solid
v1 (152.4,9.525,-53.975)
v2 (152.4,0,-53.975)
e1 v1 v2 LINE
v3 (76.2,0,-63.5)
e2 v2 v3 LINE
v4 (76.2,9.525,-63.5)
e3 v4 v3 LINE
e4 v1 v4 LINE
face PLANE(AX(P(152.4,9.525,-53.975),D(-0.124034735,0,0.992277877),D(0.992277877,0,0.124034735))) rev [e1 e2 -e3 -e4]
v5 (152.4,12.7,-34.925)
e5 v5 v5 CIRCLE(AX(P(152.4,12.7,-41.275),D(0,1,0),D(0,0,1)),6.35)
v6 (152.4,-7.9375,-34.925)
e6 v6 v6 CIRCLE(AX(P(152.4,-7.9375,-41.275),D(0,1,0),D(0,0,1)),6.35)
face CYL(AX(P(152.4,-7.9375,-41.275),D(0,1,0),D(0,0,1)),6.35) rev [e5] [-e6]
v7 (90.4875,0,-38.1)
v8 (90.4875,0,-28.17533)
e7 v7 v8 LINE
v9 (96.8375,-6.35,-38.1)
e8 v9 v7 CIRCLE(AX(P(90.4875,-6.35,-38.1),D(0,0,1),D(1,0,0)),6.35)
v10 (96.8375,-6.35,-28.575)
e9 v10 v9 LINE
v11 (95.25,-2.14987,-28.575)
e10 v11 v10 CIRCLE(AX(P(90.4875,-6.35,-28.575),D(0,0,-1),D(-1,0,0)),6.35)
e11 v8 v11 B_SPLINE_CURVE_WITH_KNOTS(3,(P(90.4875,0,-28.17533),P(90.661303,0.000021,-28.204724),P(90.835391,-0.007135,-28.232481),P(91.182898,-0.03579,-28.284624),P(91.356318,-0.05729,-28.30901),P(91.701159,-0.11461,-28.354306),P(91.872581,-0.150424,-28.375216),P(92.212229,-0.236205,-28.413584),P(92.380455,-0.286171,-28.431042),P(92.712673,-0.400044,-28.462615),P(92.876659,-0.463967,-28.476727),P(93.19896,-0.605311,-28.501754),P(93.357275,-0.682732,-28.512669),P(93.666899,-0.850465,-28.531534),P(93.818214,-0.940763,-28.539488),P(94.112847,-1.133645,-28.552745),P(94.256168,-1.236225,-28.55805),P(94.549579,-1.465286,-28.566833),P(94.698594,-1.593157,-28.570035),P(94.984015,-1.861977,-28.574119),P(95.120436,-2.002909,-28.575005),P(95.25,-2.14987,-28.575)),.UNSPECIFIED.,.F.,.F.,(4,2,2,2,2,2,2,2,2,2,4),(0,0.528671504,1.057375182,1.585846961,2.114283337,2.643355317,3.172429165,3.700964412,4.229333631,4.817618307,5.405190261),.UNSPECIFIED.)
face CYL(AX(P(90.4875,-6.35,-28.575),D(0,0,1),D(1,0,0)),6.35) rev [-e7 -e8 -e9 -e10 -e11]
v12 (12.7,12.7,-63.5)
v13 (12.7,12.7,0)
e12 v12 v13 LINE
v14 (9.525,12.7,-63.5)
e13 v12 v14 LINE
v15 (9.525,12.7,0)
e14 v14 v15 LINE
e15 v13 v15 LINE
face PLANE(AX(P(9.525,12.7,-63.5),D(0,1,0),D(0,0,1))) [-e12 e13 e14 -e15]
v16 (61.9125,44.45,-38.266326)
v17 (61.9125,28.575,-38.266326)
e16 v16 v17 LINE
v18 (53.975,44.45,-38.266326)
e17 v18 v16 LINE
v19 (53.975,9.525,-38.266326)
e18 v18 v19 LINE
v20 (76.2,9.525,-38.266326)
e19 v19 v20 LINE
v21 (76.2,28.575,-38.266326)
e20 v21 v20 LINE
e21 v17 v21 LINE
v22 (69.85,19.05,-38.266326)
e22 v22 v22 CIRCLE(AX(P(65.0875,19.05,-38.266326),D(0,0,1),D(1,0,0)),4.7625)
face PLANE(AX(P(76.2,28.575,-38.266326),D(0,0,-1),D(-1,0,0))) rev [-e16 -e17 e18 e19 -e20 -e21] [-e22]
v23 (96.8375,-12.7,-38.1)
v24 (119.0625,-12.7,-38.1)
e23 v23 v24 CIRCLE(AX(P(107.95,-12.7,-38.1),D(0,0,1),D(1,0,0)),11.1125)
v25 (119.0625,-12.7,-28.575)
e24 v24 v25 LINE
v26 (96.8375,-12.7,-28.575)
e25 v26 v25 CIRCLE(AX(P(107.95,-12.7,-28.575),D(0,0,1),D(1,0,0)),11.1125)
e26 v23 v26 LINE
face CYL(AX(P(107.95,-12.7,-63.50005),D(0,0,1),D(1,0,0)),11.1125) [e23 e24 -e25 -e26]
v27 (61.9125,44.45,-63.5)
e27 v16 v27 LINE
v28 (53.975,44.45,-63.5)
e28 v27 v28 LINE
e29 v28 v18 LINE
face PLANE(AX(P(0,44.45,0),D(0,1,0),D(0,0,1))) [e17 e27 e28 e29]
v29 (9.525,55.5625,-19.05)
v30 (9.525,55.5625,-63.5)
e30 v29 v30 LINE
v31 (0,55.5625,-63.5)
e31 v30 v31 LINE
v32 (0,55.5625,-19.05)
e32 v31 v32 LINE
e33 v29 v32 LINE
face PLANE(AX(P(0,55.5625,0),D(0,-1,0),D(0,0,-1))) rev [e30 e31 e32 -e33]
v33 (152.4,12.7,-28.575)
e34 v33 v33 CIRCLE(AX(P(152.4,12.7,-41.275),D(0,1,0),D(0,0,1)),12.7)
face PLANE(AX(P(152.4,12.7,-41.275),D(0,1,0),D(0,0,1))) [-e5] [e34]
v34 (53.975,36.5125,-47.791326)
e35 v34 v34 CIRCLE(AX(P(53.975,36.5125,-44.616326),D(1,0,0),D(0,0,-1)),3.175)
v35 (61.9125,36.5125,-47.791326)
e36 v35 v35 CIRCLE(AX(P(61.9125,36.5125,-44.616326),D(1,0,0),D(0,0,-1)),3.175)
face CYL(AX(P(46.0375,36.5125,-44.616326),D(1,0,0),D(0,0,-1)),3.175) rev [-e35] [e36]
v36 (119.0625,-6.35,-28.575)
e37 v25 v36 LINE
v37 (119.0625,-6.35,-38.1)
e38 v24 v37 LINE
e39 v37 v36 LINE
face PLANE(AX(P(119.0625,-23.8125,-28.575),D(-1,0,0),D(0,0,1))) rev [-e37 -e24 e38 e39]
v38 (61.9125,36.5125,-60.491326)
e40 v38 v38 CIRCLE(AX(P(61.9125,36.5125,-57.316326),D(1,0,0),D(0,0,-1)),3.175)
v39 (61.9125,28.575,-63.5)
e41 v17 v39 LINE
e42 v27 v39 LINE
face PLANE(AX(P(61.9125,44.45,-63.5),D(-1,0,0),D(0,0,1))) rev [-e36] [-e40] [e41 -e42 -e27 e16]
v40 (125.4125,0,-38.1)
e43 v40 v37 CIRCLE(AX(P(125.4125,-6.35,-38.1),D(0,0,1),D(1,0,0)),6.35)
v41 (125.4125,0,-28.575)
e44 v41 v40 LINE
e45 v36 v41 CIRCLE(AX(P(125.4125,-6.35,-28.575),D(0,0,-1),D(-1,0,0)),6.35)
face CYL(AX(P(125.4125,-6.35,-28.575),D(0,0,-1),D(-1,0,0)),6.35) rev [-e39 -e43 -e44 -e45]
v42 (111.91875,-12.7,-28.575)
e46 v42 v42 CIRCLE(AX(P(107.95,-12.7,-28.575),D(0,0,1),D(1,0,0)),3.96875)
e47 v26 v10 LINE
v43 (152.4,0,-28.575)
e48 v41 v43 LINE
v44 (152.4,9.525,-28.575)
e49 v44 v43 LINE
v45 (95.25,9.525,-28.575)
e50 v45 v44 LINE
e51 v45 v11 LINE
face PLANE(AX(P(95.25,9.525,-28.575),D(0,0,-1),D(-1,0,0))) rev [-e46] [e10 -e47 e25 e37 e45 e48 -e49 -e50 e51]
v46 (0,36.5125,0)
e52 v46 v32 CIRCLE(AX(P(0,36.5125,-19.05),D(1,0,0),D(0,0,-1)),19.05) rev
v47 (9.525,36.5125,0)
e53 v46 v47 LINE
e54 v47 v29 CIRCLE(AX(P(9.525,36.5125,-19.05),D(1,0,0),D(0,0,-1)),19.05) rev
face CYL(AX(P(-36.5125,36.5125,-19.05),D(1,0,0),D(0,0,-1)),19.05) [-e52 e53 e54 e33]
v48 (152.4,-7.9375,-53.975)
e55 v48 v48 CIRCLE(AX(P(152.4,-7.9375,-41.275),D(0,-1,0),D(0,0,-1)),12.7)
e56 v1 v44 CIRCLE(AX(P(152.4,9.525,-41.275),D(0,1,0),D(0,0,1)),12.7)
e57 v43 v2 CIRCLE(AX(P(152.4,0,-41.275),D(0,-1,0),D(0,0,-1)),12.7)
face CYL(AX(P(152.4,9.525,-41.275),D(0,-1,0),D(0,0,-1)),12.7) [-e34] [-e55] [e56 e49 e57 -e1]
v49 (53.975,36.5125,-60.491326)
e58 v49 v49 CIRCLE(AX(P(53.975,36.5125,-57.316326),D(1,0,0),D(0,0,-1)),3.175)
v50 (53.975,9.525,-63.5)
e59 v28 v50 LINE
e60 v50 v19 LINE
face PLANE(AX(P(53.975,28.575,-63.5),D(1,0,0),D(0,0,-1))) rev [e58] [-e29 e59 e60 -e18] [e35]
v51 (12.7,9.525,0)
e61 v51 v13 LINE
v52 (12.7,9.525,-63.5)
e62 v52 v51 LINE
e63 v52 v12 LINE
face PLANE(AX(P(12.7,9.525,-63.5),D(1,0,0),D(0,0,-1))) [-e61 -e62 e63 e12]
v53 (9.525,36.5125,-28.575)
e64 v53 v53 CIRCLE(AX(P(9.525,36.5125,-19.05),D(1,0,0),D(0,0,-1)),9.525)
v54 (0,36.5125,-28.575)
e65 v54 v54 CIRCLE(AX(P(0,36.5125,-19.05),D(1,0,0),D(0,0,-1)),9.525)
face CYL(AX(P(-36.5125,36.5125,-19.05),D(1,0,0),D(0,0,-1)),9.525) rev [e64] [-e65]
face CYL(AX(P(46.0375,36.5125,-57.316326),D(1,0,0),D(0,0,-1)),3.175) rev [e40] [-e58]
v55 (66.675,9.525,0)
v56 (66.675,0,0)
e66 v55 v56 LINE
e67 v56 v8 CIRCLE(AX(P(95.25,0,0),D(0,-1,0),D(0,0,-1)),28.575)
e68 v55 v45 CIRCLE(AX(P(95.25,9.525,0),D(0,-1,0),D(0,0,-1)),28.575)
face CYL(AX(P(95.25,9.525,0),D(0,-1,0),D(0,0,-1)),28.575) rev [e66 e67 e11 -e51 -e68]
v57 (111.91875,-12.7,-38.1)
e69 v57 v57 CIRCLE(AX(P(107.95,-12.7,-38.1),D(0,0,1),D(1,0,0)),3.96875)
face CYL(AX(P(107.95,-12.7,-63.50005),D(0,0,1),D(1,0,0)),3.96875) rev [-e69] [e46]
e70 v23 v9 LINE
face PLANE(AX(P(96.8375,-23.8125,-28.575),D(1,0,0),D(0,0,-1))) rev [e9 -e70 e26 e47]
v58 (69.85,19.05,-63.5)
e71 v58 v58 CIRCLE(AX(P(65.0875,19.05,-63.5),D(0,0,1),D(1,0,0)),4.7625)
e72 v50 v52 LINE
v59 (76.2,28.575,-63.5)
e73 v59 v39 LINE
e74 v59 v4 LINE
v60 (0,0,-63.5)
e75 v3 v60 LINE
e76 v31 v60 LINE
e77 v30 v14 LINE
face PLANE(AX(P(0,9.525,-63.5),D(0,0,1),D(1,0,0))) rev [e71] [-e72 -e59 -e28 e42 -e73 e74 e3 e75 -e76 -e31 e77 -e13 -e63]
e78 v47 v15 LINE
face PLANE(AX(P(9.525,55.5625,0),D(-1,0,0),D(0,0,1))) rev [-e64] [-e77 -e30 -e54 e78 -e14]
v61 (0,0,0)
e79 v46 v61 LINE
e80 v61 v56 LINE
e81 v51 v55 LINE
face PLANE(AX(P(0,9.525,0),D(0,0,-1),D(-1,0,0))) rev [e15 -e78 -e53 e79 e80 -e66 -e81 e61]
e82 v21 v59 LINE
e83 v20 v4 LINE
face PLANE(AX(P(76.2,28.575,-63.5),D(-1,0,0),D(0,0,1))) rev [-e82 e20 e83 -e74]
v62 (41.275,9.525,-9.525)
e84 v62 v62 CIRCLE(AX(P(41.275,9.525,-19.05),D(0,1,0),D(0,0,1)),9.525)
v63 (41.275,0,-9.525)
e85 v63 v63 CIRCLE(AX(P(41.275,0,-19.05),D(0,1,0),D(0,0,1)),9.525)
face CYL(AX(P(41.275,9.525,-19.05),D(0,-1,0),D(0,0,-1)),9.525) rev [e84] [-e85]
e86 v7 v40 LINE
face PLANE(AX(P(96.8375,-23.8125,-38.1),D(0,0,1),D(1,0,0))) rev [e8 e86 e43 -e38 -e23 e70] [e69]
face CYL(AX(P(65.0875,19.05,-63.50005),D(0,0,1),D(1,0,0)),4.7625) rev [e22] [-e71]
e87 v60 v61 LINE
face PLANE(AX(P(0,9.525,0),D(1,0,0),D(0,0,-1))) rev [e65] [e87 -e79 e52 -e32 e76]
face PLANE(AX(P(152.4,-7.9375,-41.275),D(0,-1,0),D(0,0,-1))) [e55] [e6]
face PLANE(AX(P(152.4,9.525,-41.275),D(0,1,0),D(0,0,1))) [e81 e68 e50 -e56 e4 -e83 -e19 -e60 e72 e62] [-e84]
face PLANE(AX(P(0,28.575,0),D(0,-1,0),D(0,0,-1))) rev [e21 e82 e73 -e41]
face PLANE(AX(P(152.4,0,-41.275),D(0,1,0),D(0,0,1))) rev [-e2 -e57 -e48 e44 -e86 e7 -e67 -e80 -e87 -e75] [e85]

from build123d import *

# Parameters (mm, degrees)
CROQUIS1_R              = 9.525
SALIENTE_EXTRUIR1_DEPTH = 9.525
CROQUIS2_W              = 9.525
CROQUIS2_H              = 63.5
SALIENTE_EXTRUIR3_DEPTH = 46.0375
CROQUIS3_R              = 9.525
CORTAR_EXTRUIR1_DEPTH   = 46.0375
CROQUIS4_R              = 12.7
SALIENTE_EXTRUIR4_DEPTH = 3.175
CROQUIS5_W              = 22.225
CROQUIS5_H              = 25.233673581
SALIENTE_EXTRUIR5_DEPTH = 19.05
CROQUIS6_W              = 7.9375
CROQUIS6_H              = 25.233673581
SALIENTE_EXTRUIR6_DEPTH = 15.875
CROQUIS7_R              = 3.175
CORTAR_EXTRUIR2_DEPTH   = 15.875
CROQUIS8_R              = 4.7625
CORTAR_EXTRUIR4_DEPTH   = 26.233673581
CROQUIS9_R              = 12.7
SALIENTE_EXTRUIR7_DEPTH = 7.9375
CROQUIS10_R             = 6.35
CORTAR_EXTRUIR5_DEPTH   = 21.6375
CROQUIS14_W             = 22.225
CROQUIS14_H             = 9.525
SALIENTE_EXTRUIR8_DEPTH = 23.8125
CROQUIS15_R             = 3.96875
CORTAR_EXTRUIR7_DEPTH   = 35.925
REDONDEO6_R             = 6.35
CROQUIS16_W             = 3.175
CROQUIS16_H             = 3.175
SALIENTE_EXTRUIR9_DEPTH = 63.5


with BuildPart() as part:
    # Croquis1 → Saliente-Extruir1 (new body)
    with BuildSketch(Plane(origin=(0, 0, 0), x_dir=(1, 0, 0), z_dir=(0, 1, 0))):
        with BuildLine():
            Line((0, 0), (66.675, 0))
            ThreePointArc((66.675, 0), (75.044423728, 20.205576272), (95.25, 28.575))
            Line((95.25, 28.575), (152.4, 28.575))
            ThreePointArc((152.4, 28.575), (165.1, 41.275), (152.4, 53.975))
            Line((152.4, 53.975), (76.2, 63.5))
            Line((76.2, 63.5), (61.9125, 63.5))
            Line((61.9125, 63.5), (9.525, 63.5))
            Line((9.525, 63.5), (0, 63.5))
            Line((0, 63.5), (0, 0))
        make_face()
        with Locations((41.275, 19.05)):
            Circle(CROQUIS1_R, mode=Mode.SUBTRACT)
    extrude(amount=SALIENTE_EXTRUIR1_DEPTH)

    # Croquis2 → Saliente-Extruir3 (add)
    with BuildSketch(Plane(origin=(0, 9.525, 0), x_dir=(1, 0, 0), z_dir=(0, 1, 0))):
        with Locations((4.7625, 31.75)):
            Rectangle(CROQUIS2_W, CROQUIS2_H)
    extrude(amount=SALIENTE_EXTRUIR3_DEPTH)

    # Croquis3 → Cortar-Extruir1 (cut)
    with BuildSketch(Plane(origin=(9.525, 0, 0), x_dir=(0, 0, -1), z_dir=(1, 0, 0))):
        with Locations((19.05, 36.5125)):
            Circle(CROQUIS3_R)
        with BuildLine():
            Line((0, 55.5625), (0, 36.5125))
            ThreePointArc((0, 36.5125), (5.579615818, 49.982884182), (19.05, 55.5625))
            Line((19.05, 55.5625), (0, 55.5625))
        make_face()
    extrude(amount=-CORTAR_EXTRUIR1_DEPTH, mode=Mode.SUBTRACT)

    # Croquis4 → Saliente-Extruir4 (add)
    with BuildSketch(Plane(origin=(0, 9.525, 0), x_dir=(1, 0, 0), z_dir=(0, 1, 0))):
        with Locations((152.4, 41.275)):
            Circle(CROQUIS4_R)
    extrude(amount=SALIENTE_EXTRUIR4_DEPTH)

    # Croquis5 → Saliente-Extruir5 (add)
    with BuildSketch(Plane(origin=(0, 9.525, 0), x_dir=(1, 0, 0), z_dir=(0, 1, 0))):
        with Locations((65.0875, 50.88316321)):
            Rectangle(CROQUIS5_W, CROQUIS5_H)
    extrude(amount=SALIENTE_EXTRUIR5_DEPTH)

    # Croquis6 → Saliente-Extruir6 (add)
    with BuildSketch(Plane(origin=(0, 28.575, 0), x_dir=(1, 0, 0), z_dir=(0, 1, 0))):
        with Locations((57.94375, 50.88316321)):
            Rectangle(CROQUIS6_W, CROQUIS6_H)
    extrude(amount=SALIENTE_EXTRUIR6_DEPTH)

    # Croquis7 → Cortar-Extruir2 (cut)
    with BuildSketch(Plane(origin=(61.9125, 0, 0), x_dir=(0, 0, -1), z_dir=(1, 0, 0))):
        with Locations((44.616326419, 36.5125)):
            Circle(CROQUIS7_R)
        with Locations((57.316326419, 36.5125)):
            Circle(CROQUIS7_R)
    extrude(amount=-CORTAR_EXTRUIR2_DEPTH, mode=Mode.SUBTRACT)

    # Croquis8 → Cortar-Extruir4 (cut, through all)
    with BuildSketch(Plane.XY.offset(-38.266326419)):
        with Locations((65.0875, 19.05)):
            Circle(CROQUIS8_R)
    extrude(amount=-CORTAR_EXTRUIR4_DEPTH, mode=Mode.SUBTRACT)

    # Croquis9 → Saliente-Extruir7 (add)
    with BuildSketch(Plane.XZ):
        with Locations((152.4, -41.275)):
            Circle(CROQUIS9_R)
    extrude(amount=SALIENTE_EXTRUIR7_DEPTH)

    # Croquis10 → Cortar-Extruir5 (cut, through all)
    with BuildSketch(Plane(origin=(0, 12.7, 0), x_dir=(1, 0, 0), z_dir=(0, 1, 0))):
        with Locations((152.4, 41.275)):
            Circle(CROQUIS10_R)
    extrude(amount=-CORTAR_EXTRUIR5_DEPTH, mode=Mode.SUBTRACT)

    # Croquis14 → Saliente-Extruir8 (add)
    with BuildSketch(Plane.XZ):
        with Locations((107.95, -33.3375)):
            Rectangle(CROQUIS14_W, CROQUIS14_H)
    extrude(amount=SALIENTE_EXTRUIR8_DEPTH)

    # Croquis15 → Cortar-Extruir7 (cut, through all)
    with BuildSketch(Plane.XY.offset(-28.575)):
        with Locations((107.95, -12.7)):
            Circle(CROQUIS15_R)
        with BuildLine():
            ThreePointArc((119.0625, -12.7), (115.807724106, -20.557724106), (107.95, -23.8125))
            Line((107.95, -23.8125), (119.0625, -23.8125))
            Line((119.0625, -23.8125), (119.0625, -12.7))
        make_face()
        with BuildLine():
            ThreePointArc((107.95, -23.8125), (100.092275894, -20.557724106), (96.8375, -12.7))
            Line((96.8375, -12.7), (96.8375, -23.8125))
            Line((96.8375, -23.8125), (107.95, -23.8125))
        make_face()
    extrude(amount=-CORTAR_EXTRUIR7_DEPTH, mode=Mode.SUBTRACT)

    # Redondeo6
    redondeo6_edges = [part.edges().sort_by_distance(p)[0] for p in [
        (119.0625, 0, -33.3375),
        (96.8375, 0, -33.3375),
    ]]
    fillet(redondeo6_edges, radius=REDONDEO6_R)

    # Croquis16 → Saliente-Extruir9 (add)
    with BuildSketch(Plane.XY):
        with Locations((11.1125, 11.1125)):
            Rectangle(CROQUIS16_W, CROQUIS16_H)
    extrude(amount=-SALIENTE_EXTRUIR9_DEPTH)


solid = part.part
